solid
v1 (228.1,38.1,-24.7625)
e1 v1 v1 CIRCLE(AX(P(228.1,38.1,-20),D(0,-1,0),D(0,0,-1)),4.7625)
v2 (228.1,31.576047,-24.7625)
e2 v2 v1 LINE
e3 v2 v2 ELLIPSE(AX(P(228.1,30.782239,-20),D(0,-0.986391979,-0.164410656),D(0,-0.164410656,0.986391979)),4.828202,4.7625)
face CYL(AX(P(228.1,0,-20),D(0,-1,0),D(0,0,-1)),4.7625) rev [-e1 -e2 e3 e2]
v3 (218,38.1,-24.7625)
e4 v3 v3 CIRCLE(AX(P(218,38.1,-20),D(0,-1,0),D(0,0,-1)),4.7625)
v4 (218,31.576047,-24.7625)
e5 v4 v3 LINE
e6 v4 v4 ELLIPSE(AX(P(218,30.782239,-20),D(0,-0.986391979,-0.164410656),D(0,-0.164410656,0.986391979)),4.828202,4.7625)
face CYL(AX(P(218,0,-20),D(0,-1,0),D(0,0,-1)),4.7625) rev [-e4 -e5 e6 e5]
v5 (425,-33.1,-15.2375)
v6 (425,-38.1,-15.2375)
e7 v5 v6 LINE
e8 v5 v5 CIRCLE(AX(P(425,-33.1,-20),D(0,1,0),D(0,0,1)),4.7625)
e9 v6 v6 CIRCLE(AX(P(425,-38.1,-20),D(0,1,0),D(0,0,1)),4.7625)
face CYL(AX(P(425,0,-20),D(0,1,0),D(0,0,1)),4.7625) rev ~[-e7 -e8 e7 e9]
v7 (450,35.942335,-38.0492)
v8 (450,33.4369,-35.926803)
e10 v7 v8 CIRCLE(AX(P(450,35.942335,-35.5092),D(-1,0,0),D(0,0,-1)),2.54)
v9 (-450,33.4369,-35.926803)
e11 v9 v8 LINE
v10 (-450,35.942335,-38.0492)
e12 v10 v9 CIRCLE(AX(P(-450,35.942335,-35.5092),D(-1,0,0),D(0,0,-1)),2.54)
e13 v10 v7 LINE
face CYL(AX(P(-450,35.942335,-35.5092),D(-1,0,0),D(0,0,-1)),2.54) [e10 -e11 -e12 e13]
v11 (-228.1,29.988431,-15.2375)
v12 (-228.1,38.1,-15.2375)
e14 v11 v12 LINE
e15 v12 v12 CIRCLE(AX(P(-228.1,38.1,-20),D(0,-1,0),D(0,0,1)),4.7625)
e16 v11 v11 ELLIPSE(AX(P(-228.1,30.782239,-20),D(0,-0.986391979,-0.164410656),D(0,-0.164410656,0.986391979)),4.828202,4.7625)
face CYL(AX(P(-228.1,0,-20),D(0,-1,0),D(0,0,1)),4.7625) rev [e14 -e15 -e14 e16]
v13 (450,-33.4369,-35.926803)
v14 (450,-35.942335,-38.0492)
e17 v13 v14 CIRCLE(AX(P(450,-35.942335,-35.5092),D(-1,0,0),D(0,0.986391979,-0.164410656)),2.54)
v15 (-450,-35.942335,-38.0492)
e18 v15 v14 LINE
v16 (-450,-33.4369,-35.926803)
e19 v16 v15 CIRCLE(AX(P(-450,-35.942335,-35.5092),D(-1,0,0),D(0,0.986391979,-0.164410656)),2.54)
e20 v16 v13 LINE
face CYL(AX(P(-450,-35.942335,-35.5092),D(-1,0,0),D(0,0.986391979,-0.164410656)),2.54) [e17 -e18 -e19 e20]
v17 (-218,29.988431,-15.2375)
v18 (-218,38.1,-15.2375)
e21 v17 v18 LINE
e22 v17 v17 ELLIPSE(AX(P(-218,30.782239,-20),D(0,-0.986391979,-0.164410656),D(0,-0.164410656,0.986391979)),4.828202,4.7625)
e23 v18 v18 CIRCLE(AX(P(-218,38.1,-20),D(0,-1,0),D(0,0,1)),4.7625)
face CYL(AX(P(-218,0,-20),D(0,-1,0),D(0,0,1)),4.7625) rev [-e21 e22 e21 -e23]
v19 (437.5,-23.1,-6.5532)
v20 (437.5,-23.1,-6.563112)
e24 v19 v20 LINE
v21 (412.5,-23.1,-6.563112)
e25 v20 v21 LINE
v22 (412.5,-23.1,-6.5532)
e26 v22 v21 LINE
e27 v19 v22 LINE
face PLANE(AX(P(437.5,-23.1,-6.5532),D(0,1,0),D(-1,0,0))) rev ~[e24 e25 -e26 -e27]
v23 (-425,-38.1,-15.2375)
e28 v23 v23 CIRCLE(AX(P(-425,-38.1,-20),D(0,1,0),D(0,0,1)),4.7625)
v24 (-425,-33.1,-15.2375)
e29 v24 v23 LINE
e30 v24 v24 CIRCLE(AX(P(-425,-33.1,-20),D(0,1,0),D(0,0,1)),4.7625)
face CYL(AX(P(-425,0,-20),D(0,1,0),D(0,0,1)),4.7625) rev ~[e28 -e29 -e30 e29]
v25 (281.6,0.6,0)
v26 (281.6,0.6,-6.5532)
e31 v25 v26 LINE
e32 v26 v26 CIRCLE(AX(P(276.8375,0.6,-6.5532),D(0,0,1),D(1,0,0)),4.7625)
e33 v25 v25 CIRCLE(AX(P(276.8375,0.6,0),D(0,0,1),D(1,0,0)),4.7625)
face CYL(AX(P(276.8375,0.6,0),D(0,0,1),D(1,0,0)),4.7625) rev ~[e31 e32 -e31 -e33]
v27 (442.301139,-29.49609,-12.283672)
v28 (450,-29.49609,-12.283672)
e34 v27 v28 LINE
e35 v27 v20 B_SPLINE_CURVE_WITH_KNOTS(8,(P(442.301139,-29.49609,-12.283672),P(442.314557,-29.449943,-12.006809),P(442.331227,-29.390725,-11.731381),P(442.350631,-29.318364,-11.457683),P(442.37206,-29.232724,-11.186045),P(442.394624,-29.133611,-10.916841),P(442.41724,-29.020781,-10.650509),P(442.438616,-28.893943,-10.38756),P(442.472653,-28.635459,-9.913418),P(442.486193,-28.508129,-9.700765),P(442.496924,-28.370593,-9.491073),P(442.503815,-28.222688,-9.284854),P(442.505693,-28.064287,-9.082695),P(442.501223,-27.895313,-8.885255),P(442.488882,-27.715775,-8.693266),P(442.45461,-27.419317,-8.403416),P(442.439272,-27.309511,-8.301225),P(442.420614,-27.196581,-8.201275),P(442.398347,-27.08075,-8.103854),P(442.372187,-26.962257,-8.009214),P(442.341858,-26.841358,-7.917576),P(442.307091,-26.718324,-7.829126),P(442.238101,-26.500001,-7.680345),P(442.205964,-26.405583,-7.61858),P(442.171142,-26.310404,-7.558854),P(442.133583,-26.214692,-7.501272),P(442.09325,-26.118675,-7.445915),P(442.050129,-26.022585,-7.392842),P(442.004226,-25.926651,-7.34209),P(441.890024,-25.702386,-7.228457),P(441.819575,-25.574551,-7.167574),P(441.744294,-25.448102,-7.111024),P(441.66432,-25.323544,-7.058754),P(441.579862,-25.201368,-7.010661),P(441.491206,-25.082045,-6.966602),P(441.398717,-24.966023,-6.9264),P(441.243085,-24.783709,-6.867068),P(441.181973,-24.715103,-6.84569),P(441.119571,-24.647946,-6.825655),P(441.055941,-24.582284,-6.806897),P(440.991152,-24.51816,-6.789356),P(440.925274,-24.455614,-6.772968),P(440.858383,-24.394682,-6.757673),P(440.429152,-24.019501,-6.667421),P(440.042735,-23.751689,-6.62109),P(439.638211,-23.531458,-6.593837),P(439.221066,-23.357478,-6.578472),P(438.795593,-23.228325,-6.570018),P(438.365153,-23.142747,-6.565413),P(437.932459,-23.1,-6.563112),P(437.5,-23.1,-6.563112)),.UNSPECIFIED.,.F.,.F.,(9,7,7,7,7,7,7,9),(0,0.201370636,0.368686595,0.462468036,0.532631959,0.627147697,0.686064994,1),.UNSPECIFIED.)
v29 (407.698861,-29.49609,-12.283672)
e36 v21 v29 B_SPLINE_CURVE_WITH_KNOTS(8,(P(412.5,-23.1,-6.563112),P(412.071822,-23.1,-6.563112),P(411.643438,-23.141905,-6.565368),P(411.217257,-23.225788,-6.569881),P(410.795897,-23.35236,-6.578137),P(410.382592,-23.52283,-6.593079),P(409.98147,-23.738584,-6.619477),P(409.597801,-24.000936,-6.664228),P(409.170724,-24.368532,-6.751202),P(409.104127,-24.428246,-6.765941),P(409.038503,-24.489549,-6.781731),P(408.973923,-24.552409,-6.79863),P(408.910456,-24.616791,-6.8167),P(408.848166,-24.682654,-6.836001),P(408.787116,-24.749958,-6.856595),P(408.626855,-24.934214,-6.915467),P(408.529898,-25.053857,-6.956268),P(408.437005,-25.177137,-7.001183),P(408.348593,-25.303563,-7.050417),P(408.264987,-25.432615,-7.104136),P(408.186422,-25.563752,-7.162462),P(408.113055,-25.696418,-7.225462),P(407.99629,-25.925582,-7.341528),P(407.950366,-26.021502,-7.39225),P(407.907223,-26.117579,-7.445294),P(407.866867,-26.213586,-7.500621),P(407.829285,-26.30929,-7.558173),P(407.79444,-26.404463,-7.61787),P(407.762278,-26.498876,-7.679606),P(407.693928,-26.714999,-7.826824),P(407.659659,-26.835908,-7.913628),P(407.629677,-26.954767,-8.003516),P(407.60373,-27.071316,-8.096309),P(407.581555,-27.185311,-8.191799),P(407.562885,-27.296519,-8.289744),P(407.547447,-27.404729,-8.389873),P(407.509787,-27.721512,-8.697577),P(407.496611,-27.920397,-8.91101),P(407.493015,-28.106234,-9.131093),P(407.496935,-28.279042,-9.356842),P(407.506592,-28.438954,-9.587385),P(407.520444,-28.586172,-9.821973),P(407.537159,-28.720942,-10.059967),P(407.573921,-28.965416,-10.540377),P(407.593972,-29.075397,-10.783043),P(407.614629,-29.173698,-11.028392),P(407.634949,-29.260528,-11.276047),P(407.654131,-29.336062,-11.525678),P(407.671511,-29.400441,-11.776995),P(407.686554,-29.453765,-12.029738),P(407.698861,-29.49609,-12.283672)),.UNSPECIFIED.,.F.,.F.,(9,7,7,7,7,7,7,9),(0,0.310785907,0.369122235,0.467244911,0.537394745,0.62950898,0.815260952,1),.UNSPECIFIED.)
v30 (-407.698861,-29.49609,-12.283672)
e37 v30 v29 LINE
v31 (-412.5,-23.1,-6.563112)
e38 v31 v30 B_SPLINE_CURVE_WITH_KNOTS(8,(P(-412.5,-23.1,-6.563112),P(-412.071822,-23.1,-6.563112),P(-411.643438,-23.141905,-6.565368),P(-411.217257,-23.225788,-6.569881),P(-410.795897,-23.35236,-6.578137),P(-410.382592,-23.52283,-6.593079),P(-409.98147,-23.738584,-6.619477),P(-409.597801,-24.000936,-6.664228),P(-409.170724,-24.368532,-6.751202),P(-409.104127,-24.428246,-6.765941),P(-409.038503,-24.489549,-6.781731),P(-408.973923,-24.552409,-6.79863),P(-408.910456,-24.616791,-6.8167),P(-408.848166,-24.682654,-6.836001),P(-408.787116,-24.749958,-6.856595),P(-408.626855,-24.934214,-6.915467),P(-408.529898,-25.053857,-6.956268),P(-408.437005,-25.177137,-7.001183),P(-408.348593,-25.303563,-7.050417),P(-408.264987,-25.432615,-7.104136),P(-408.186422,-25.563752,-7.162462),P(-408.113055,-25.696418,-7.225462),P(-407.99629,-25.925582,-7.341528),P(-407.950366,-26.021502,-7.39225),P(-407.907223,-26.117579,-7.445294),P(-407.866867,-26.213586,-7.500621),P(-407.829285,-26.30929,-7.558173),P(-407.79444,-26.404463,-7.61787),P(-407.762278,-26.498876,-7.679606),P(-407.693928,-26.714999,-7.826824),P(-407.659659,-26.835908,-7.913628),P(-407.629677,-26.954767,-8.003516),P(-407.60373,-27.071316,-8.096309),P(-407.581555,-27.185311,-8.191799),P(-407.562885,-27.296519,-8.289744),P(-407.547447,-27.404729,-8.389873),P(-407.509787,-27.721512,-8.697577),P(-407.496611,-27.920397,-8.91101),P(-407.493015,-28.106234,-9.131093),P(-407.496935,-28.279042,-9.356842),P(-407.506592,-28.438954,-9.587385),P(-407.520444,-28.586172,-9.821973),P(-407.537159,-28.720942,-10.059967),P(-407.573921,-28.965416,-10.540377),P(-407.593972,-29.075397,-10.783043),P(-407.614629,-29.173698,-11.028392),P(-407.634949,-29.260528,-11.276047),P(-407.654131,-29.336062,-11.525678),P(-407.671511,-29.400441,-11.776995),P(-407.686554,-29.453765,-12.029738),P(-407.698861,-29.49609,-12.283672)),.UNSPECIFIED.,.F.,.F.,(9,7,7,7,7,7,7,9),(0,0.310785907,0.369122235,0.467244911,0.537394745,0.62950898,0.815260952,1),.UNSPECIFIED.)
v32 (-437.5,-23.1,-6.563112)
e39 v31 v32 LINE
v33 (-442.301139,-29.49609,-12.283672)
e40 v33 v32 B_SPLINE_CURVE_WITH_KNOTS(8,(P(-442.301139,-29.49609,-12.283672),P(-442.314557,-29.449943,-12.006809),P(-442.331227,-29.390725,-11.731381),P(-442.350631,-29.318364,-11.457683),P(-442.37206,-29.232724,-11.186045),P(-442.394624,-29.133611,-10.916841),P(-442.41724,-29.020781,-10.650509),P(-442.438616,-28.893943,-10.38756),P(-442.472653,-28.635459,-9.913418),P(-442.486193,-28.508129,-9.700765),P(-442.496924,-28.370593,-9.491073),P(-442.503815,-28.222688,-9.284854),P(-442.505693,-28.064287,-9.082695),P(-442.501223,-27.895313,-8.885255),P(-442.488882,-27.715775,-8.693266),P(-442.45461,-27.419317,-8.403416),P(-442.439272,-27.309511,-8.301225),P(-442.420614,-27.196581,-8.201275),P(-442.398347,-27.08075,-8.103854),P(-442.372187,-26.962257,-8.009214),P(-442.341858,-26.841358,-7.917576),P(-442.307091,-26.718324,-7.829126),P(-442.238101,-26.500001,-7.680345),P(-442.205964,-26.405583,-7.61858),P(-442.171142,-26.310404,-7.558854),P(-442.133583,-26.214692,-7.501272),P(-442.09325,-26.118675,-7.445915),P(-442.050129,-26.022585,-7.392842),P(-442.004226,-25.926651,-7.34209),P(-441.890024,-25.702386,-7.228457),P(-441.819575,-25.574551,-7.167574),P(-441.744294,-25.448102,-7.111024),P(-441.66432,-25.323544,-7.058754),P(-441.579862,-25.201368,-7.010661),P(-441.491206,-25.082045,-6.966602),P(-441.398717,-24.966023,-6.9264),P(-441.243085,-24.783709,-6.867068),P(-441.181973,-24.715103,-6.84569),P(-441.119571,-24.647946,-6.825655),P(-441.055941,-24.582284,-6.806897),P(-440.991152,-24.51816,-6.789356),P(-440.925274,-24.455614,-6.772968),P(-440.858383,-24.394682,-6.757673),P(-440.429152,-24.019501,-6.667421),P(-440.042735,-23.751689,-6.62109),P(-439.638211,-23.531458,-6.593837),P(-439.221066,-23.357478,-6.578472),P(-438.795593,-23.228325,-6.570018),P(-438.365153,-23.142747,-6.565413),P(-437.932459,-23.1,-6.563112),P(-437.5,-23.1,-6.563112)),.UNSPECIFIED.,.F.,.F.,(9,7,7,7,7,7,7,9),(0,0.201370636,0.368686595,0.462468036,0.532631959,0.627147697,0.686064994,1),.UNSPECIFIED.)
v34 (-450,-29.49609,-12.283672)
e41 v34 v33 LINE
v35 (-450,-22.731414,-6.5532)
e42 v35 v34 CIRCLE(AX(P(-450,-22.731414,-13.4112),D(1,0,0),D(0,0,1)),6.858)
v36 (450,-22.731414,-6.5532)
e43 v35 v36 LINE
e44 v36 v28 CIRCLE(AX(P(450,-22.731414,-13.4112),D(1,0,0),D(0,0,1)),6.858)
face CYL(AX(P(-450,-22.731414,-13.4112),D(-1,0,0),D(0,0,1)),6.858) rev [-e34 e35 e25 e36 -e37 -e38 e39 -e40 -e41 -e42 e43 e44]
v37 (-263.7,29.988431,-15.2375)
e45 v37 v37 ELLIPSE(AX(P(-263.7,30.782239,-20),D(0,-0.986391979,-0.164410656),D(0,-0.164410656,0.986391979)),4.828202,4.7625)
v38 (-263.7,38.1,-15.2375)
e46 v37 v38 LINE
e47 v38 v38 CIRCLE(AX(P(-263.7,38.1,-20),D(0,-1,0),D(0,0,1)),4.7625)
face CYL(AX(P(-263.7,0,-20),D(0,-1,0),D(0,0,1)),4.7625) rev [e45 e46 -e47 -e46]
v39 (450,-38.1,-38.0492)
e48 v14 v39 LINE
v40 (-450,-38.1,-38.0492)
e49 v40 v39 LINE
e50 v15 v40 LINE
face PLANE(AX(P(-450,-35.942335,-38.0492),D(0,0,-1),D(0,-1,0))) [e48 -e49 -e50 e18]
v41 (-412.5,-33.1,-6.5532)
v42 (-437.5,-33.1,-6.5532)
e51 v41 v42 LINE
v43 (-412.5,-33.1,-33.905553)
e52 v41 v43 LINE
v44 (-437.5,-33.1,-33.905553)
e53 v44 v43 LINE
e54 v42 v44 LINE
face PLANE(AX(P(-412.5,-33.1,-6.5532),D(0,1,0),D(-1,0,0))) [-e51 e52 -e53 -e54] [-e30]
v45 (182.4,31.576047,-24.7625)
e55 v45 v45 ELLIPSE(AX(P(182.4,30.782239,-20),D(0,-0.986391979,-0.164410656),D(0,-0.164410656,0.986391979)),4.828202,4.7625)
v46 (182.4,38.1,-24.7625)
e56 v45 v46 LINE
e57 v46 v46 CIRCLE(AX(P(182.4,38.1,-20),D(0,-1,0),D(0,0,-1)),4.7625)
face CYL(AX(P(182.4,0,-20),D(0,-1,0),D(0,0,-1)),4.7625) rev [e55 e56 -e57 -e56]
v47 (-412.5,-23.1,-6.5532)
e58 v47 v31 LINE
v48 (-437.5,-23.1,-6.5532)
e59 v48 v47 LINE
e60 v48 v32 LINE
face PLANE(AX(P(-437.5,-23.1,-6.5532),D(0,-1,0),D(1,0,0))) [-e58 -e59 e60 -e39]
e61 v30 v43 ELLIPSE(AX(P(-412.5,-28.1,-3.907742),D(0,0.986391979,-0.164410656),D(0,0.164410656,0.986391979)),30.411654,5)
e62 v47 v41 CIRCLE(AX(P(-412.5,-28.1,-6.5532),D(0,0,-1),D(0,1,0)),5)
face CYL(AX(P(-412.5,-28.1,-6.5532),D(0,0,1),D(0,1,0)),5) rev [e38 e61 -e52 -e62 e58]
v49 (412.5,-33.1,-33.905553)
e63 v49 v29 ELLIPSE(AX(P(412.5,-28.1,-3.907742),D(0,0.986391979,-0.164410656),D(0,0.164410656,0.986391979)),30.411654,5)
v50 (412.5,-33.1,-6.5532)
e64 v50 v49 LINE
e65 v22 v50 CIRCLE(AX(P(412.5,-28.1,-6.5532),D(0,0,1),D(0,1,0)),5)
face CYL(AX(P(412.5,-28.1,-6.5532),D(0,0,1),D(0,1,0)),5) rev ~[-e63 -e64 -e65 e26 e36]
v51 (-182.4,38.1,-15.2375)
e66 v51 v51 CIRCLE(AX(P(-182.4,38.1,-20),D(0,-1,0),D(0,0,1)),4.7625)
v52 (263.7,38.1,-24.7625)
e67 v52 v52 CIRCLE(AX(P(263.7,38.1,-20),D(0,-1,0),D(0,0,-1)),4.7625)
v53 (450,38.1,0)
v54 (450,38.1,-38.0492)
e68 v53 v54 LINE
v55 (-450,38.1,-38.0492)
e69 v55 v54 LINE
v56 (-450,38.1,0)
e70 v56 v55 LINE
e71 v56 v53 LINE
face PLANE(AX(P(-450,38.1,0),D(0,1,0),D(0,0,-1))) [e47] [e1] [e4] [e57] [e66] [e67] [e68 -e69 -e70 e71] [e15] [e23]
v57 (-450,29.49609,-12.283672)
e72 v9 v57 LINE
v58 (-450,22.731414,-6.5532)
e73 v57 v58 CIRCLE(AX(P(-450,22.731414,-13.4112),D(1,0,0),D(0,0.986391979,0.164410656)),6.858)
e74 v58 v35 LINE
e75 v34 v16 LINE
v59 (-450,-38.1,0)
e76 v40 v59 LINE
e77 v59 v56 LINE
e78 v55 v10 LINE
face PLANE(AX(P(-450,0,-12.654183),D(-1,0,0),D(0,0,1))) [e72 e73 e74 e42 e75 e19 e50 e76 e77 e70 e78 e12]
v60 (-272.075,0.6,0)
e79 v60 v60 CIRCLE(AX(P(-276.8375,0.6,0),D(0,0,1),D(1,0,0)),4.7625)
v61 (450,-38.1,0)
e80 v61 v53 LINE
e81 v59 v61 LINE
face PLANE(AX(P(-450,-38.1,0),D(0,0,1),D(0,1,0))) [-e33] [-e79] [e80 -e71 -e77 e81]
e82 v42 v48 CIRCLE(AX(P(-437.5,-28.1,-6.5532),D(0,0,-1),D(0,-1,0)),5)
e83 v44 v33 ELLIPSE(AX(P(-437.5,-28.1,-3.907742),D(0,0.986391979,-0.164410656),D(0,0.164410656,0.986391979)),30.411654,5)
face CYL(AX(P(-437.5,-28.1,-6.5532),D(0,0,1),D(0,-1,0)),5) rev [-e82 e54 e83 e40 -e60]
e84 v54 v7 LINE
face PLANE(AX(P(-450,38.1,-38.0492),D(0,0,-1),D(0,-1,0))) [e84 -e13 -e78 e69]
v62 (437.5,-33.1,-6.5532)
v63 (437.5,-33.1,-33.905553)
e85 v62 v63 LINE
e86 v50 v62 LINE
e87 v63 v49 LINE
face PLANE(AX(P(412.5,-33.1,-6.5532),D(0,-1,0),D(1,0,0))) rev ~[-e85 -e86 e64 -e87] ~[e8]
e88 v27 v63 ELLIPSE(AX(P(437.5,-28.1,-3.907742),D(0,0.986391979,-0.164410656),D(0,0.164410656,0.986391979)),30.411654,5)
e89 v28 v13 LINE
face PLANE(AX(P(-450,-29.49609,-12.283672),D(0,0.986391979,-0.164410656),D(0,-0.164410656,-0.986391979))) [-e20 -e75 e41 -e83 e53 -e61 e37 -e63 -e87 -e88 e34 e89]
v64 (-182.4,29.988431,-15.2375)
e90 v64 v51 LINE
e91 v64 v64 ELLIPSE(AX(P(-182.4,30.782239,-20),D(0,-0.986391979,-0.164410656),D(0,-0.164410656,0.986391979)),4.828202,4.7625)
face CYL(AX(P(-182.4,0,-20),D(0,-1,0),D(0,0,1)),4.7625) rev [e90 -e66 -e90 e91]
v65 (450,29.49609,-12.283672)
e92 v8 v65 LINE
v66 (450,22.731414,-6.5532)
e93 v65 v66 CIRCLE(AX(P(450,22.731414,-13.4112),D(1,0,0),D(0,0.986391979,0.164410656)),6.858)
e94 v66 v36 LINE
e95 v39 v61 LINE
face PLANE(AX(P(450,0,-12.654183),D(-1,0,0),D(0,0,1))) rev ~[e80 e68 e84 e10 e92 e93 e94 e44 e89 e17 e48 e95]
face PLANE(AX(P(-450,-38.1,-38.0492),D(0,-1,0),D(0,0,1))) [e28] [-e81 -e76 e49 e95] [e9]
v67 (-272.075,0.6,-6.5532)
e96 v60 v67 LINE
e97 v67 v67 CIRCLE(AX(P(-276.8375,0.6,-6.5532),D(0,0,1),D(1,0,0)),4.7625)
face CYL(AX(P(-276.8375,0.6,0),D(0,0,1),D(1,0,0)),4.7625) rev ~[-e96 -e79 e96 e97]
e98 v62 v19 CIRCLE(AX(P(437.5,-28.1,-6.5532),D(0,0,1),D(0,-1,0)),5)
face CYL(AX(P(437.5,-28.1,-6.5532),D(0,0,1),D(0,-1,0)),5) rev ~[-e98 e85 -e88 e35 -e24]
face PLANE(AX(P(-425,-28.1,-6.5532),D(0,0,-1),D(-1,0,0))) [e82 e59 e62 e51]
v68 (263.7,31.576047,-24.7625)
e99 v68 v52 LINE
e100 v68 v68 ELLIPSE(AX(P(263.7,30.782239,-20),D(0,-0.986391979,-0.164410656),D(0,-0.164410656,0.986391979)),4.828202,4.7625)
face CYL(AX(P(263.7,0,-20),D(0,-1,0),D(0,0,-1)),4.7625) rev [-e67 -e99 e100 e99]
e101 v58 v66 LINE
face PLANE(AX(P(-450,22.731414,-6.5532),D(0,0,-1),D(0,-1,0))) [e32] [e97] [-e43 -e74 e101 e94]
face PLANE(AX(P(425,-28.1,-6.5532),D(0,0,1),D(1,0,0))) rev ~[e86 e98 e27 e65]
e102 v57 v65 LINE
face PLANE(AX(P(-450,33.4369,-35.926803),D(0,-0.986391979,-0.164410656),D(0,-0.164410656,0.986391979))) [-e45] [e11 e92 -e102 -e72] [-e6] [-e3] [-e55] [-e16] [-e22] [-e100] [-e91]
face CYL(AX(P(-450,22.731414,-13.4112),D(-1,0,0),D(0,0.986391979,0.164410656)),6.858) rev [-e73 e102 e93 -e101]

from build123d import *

# Parameters (mm, degrees)
STRUCTURAL_MEMBER1_DEPTH = 900
SKETCH12_R               = 4.7625
CUT_EXTRUDE1_DEPTH       = 454.210052427
CUT_EXTRUDE2_DEPTH       = 40
SKETCH16_R               = 4.7625
CUT_EXTRUDE3_DEPTH       = 454.210052526
SKETCH17_R               = 4.7625
CUT_EXTRUDE4_DEPTH       = 454.210052526


with BuildPart() as part:
    # Sketch11 → Structural Member1 (new body)
    with BuildSketch(Plane(origin=(-450, 0, 0), x_dir=(0, 0, -1), z_dir=(1, 0, 0))):
        with BuildLine():
            Line((0, -38.1), (0, 38.1))
            Line((0, 38.1), (38.0492, 38.1))
            Line((38.0492, 38.1), (38.0492, 35.942335136))
            ThreePointArc((38.0492, 35.942335136), (37.447280466, 34.300554363), (35.926803066, 33.436899509))
            Line((35.926803066, 33.436899509), (12.283671721, 29.496090157))
            ThreePointArc((12.283671721, 29.496090157), (8.178382741, 27.164222052), (6.5532, 22.731413966))
            Line((6.5532, 22.731413966), (6.5532, -22.731413966))
            ThreePointArc((6.5532, -22.731413966), (8.178382741, -27.164222052), (12.283671721, -29.496090157))
            Line((12.283671721, -29.496090157), (35.926803066, -33.436899509))
            ThreePointArc((35.926803066, -33.436899509), (37.447280466, -34.300554363), (38.0492, -35.942335136))
            Line((38.0492, -35.942335136), (38.0492, -38.1))
            Line((38.0492, -38.1), (0, -38.1))
        make_face()
    extrude(amount=STRUCTURAL_MEMBER1_DEPTH)

    # Sketch12 → Cut-Extrude1 (cut, through all)
    with BuildSketch(Plane(origin=(0, 0, 0), x_dir=(1, 0, 0), z_dir=(0, 1, 0))):
        with Locations(Location((-425, 20, 0), (0, 0, 270))):
            Circle(SKETCH12_R)
        with Locations(Location((425, 20, 0), (0, 0, 270))):
            Circle(SKETCH12_R)
    extrude(amount=-CUT_EXTRUDE1_DEPTH, mode=Mode.SUBTRACT)

    # Sketch15 → Cut-Extrude2 (cut)
    with BuildSketch(Plane(origin=(0, 0, -6.5532), x_dir=(-1, 0, 0), z_dir=(0, 0, -1))):
        with BuildLine():
            Line((-412.5, -33.1), (-437.5, -33.1))
            ThreePointArc((-437.5, -33.1), (-442.5, -28.1), (-437.5, -23.1))
            Line((-437.5, -23.1), (-412.5, -23.1))
            ThreePointArc((-412.5, -23.1), (-407.5, -28.1), (-412.5, -33.1))
        make_face()
        with BuildLine():
            Line((412.5, -33.1), (437.5, -33.1))
            ThreePointArc((437.5, -33.1), (442.5, -28.1), (437.5, -23.1))
            Line((437.5, -23.1), (412.5, -23.1))
            ThreePointArc((412.5, -23.1), (407.5, -28.1), (412.5, -33.1))
        make_face()
    extrude(amount=CUT_EXTRUDE2_DEPTH, mode=Mode.SUBTRACT)

    # Sketch16 → Cut-Extrude3 (cut, through all)
    with BuildSketch(Plane(origin=(0, 0, 0), x_dir=(1, 0, 0), z_dir=(0, 1, 0))):
        with Locations(Location((-263.7, 20, 0), (0, 0, 270))):
            Circle(SKETCH16_R)
        with Locations(Location((-228.1, 20, 0), (0, 0, 270))):
            Circle(SKETCH16_R)
        with Locations(Location((228.1, 20, 0), (0, 0, 90))):
            Circle(SKETCH16_R)
        with Locations(Location((263.7, 20, 0), (0, 0, 90))):
            Circle(SKETCH16_R)
        with Locations(Location((-218, 20, 0), (0, 0, 270))):
            Circle(SKETCH16_R)
        with Locations(Location((-182.4, 20, 0), (0, 0, 270))):
            Circle(SKETCH16_R)
        with Locations(Location((182.4, 20, 0), (0, 0, 90))):
            Circle(SKETCH16_R)
        with Locations(Location((218, 20, 0), (0, 0, 90))):
            Circle(SKETCH16_R)
    extrude(amount=CUT_EXTRUDE3_DEPTH, mode=Mode.SUBTRACT)

    # Sketch17 → Cut-Extrude4 (cut, through all)
    with BuildSketch(Plane.XY):
        with Locations((276.8375, 0.6)):
            Circle(SKETCH17_R)
        with Locations((-276.8375, 0.6)):
            Circle(SKETCH17_R)
    extrude(amount=-CUT_EXTRUDE4_DEPTH, mode=Mode.SUBTRACT)


solid = part.part
